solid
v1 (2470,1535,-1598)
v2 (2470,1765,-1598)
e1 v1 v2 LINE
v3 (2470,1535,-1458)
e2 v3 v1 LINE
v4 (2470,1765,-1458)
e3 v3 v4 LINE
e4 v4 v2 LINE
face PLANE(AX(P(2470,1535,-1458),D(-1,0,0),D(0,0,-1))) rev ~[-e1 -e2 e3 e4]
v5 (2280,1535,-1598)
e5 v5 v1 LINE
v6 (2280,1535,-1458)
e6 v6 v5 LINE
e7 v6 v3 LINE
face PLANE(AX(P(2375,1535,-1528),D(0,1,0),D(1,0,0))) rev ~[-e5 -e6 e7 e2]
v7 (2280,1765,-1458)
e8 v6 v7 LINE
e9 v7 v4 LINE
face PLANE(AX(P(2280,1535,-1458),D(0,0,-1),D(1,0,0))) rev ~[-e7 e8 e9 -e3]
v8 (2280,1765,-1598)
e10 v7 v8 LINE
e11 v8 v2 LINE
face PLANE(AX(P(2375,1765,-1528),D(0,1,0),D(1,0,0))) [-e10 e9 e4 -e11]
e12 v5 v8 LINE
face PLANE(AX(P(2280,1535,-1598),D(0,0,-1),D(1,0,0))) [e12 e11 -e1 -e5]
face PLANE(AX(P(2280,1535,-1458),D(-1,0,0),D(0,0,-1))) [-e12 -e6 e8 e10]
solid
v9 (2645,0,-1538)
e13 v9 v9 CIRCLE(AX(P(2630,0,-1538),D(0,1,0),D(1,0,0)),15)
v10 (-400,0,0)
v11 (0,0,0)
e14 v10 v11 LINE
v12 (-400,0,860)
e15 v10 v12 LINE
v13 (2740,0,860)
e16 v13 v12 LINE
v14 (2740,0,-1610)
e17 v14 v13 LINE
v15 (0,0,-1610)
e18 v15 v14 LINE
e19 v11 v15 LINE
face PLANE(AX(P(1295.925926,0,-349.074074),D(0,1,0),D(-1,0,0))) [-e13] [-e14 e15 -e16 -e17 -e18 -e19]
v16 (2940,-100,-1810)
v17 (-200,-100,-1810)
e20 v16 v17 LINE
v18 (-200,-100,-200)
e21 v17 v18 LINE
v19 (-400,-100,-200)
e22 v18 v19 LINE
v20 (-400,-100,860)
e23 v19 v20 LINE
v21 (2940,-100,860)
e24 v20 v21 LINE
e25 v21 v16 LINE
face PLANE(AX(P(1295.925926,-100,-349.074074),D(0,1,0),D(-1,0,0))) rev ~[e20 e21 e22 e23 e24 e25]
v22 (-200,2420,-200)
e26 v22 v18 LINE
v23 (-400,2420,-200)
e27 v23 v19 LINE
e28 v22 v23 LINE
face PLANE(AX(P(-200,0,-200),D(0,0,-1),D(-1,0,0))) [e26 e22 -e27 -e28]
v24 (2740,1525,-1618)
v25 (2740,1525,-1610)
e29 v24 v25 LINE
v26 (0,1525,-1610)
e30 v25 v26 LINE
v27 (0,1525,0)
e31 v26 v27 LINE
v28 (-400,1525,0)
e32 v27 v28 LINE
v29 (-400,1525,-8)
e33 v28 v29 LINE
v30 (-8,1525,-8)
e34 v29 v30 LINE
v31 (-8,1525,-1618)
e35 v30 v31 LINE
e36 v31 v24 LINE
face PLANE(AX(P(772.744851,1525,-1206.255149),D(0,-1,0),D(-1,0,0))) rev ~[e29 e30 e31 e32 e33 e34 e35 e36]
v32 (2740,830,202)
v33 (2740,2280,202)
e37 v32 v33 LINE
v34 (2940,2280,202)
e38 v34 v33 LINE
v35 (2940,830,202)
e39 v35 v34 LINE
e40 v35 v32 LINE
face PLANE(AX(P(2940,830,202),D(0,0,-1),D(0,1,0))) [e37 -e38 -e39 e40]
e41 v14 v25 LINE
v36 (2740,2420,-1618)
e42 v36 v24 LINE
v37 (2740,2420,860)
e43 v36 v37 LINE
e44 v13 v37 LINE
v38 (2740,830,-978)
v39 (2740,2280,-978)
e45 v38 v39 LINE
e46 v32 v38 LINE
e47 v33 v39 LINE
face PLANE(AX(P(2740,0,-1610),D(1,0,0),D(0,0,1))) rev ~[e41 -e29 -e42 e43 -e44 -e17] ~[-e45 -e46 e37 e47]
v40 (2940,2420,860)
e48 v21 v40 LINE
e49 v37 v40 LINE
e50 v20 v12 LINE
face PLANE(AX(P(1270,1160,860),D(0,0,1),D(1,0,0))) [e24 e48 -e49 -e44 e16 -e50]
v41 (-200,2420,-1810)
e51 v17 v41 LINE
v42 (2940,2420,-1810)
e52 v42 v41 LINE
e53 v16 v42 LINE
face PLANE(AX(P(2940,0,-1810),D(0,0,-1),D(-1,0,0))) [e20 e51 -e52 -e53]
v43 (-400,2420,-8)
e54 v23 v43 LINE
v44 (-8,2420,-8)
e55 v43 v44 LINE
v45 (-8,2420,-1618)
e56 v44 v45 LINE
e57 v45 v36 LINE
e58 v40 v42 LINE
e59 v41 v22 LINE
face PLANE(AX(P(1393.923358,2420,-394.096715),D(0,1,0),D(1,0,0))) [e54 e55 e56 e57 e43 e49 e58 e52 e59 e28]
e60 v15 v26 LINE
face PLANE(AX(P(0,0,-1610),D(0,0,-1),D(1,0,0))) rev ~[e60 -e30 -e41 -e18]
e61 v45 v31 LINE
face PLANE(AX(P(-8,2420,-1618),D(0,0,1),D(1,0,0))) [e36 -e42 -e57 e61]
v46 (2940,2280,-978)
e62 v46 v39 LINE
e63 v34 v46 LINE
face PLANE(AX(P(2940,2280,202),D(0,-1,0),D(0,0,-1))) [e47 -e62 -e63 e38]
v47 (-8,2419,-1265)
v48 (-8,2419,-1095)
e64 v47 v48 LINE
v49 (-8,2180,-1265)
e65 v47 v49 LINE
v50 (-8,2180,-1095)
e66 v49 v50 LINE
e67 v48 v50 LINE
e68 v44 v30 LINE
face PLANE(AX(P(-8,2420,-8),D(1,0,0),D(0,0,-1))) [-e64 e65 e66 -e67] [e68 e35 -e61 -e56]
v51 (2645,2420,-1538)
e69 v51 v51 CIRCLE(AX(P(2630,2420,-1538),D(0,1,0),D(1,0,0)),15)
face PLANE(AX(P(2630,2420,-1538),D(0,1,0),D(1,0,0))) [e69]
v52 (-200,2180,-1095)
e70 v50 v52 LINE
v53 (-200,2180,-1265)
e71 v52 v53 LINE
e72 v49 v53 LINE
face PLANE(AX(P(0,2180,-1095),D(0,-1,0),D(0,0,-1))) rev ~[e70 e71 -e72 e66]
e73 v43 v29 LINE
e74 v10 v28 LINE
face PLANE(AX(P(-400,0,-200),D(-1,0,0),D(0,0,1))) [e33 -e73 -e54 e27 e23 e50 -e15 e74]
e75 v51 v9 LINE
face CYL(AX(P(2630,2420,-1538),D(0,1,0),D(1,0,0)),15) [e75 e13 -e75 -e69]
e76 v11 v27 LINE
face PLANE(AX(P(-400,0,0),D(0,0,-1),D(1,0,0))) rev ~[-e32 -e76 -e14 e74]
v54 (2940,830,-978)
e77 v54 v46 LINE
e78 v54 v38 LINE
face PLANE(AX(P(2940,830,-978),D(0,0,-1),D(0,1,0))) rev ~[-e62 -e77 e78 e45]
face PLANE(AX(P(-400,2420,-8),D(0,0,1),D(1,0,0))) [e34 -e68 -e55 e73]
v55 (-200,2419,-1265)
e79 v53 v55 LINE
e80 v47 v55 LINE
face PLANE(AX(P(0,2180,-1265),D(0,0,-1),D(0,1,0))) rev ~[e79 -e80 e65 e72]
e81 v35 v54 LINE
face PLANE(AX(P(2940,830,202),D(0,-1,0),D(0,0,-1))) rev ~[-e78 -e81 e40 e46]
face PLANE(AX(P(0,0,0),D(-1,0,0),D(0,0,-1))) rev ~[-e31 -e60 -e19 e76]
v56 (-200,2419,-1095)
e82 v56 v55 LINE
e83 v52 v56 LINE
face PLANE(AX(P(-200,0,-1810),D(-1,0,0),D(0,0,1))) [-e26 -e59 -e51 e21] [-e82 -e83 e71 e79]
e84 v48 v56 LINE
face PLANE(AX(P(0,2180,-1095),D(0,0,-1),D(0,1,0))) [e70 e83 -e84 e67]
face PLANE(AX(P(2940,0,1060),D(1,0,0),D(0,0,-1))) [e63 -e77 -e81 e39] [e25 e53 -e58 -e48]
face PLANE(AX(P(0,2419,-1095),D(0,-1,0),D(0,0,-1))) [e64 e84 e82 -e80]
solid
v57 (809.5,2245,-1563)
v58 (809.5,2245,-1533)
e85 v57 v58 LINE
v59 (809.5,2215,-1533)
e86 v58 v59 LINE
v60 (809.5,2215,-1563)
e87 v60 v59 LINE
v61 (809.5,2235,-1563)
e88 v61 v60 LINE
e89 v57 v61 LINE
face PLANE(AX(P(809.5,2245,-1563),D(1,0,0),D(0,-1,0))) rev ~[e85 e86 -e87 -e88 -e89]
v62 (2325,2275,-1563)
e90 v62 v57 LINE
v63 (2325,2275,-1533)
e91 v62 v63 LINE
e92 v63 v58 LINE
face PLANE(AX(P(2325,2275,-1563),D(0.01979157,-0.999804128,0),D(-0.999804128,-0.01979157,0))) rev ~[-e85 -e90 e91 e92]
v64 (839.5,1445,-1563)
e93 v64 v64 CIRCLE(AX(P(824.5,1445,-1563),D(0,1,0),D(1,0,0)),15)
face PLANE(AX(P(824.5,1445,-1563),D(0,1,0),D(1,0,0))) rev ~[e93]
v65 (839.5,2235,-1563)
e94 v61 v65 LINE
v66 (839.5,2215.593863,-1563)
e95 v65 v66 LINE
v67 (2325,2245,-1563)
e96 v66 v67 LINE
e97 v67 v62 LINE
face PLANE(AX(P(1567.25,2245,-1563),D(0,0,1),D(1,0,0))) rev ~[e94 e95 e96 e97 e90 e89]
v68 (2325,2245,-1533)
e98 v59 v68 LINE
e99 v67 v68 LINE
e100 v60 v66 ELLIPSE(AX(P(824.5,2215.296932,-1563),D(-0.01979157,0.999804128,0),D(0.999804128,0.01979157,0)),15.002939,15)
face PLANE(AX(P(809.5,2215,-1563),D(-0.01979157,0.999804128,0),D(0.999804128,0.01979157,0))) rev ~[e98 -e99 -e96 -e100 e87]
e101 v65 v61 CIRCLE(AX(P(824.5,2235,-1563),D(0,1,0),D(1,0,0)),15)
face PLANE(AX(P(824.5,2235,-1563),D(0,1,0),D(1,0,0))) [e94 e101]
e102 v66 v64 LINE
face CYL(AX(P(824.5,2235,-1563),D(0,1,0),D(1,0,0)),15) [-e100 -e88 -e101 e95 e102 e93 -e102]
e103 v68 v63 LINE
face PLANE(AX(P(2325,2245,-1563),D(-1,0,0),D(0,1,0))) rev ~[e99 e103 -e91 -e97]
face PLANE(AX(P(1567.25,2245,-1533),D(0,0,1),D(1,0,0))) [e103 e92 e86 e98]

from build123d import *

# Parameters (mm, degrees)
EXTRUDE_1_DEPTH     = 2420
EXTRUDE_2_DEPTH     = 100
SKETCH_3_W          = 3340
SKETCH_3_H          = 2520
CUT_EXTRUDE_1_DEPTH = 200
SKETCH_4_W          = 170
SKETCH_4_H          = 239
CUT_EXTRUDE_2_DEPTH = 200
CUT_EXTRUDE_3_DEPTH = 895
SKETCH_6_R          = 15
EXTRUDE_3_DEPTH     = 790
SKETCH_7_R          = 15
EXTRUDE_4_DEPTH     = 2420
SKETCH_10_W         = 190
SKETCH_10_H         = 140
EXTRUDE_6_DEPTH     = 230
EXTRUDE_7_DEPTH     = 30
SKETCH_13_W         = 1180
SKETCH_13_H         = 1450
CUT_EXTRUDE_4_DEPTH = 400


with BuildPart() as part:
    # Эскиз1 → Бобышка-Вытянуть1 (new body)
    with BuildSketch(Plane(origin=(0, 0, 0), x_dir=(1, 0, 0), z_dir=(0, 1, 0))):
        Polygon((0, 0), (0, 1610), (2740, 1610), (2740, -860), (-400, -860), (-400, -1060), (2940, -1060), (2940, 1810), (-200, 1810), (-200, 200), (-400, 200), (-400, 0), align=None)
    extrude(amount=EXTRUDE_1_DEPTH)

    # Эскиз2 → Бобышка-Вытянуть2 (add)
    with BuildSketch(Plane.XZ):
        Polygon((-400, 1060), (2940, 1060), (2940, -1810), (-200, -1810), (-200, -200), (-400, -200), align=None)
    extrude(amount=EXTRUDE_2_DEPTH)

    # Эскиз3 → Вырез-Вытянуть1 (cut)
    with BuildSketch(Plane.XY.offset(1060)):
        with Locations((1270, 1160)):
            Rectangle(SKETCH_3_W, SKETCH_3_H)
    extrude(amount=-CUT_EXTRUDE_1_DEPTH, mode=Mode.SUBTRACT)

    # Эскиз4 → Вырез-Вытянуть2 (cut)
    with BuildSketch(Plane(origin=(0, 0, 0), x_dir=(0, 0, -1), z_dir=(1, 0, 0))):
        with Locations((1180, 2299.5)):
            Rectangle(SKETCH_4_W, SKETCH_4_H)
    extrude(amount=-CUT_EXTRUDE_2_DEPTH, mode=Mode.SUBTRACT)

    # Эскиз5 → Вырез-Вытянуть3 (cut)
    with BuildSketch(Plane(origin=(0, 2420, 0), x_dir=(1, 0, 0), z_dir=(0, 1, 0))):
        Polygon((-400, 8), (-8, 8), (-8, 1618), (2740, 1618), (2740, 1610), (0, 1610), (0, 0), (-400, 0), align=None)
    extrude(amount=-CUT_EXTRUDE_3_DEPTH, mode=Mode.SUBTRACT)

    # Эскиз7 → Бобышка-Вытянуть4 (add)
    with BuildSketch(Plane(origin=(0, 2420, 0), x_dir=(1, 0, 0), z_dir=(0, 1, 0))):
        with Locations((2630, 1538)):
            Circle(SKETCH_7_R)
    extrude(amount=-EXTRUDE_4_DEPTH)

    # Эскиз13 → Вырез-Вытянуть4 (cut)
    with BuildSketch(Plane(origin=(2940, 0, 0), x_dir=(0, 0, -1), z_dir=(1, 0, 0))):
        with Locations((388, 1555)):
            Rectangle(SKETCH_13_W, SKETCH_13_H)
    extrude(amount=-CUT_EXTRUDE_4_DEPTH, mode=Mode.SUBTRACT)


with BuildPart() as body_2:
    # Эскиз6 → Бобышка-Вытянуть3 (new body)
    with BuildSketch(Plane(origin=(0, 2235, 0), x_dir=(1, 0, 0), z_dir=(0, 1, 0))):
        with Locations((824.5, 1563)):
            Circle(SKETCH_6_R)
    extrude(amount=-EXTRUDE_3_DEPTH)

    # Эскиз12 → Бобышка-Вытянуть7 (add)
    with BuildSketch(Plane.XY.offset(-1563)):
        Polygon((809.5, 2215), (2325, 2245), (2325, 2275), (809.5, 2245), align=None)
    extrude(amount=EXTRUDE_7_DEPTH)


with BuildPart() as body_3:
    # Эскиз10 → Бобышка-Вытянуть6 (new body)
    with BuildSketch(Plane(origin=(0, 1535, 0), x_dir=(1, 0, 0), z_dir=(0, 1, 0))):
        with Locations((2375, 1528)):
            Rectangle(SKETCH_10_W, SKETCH_10_H)
    extrude(amount=EXTRUDE_6_DEPTH)


solid = Compound([part.part, body_2.part, body_3.part])
